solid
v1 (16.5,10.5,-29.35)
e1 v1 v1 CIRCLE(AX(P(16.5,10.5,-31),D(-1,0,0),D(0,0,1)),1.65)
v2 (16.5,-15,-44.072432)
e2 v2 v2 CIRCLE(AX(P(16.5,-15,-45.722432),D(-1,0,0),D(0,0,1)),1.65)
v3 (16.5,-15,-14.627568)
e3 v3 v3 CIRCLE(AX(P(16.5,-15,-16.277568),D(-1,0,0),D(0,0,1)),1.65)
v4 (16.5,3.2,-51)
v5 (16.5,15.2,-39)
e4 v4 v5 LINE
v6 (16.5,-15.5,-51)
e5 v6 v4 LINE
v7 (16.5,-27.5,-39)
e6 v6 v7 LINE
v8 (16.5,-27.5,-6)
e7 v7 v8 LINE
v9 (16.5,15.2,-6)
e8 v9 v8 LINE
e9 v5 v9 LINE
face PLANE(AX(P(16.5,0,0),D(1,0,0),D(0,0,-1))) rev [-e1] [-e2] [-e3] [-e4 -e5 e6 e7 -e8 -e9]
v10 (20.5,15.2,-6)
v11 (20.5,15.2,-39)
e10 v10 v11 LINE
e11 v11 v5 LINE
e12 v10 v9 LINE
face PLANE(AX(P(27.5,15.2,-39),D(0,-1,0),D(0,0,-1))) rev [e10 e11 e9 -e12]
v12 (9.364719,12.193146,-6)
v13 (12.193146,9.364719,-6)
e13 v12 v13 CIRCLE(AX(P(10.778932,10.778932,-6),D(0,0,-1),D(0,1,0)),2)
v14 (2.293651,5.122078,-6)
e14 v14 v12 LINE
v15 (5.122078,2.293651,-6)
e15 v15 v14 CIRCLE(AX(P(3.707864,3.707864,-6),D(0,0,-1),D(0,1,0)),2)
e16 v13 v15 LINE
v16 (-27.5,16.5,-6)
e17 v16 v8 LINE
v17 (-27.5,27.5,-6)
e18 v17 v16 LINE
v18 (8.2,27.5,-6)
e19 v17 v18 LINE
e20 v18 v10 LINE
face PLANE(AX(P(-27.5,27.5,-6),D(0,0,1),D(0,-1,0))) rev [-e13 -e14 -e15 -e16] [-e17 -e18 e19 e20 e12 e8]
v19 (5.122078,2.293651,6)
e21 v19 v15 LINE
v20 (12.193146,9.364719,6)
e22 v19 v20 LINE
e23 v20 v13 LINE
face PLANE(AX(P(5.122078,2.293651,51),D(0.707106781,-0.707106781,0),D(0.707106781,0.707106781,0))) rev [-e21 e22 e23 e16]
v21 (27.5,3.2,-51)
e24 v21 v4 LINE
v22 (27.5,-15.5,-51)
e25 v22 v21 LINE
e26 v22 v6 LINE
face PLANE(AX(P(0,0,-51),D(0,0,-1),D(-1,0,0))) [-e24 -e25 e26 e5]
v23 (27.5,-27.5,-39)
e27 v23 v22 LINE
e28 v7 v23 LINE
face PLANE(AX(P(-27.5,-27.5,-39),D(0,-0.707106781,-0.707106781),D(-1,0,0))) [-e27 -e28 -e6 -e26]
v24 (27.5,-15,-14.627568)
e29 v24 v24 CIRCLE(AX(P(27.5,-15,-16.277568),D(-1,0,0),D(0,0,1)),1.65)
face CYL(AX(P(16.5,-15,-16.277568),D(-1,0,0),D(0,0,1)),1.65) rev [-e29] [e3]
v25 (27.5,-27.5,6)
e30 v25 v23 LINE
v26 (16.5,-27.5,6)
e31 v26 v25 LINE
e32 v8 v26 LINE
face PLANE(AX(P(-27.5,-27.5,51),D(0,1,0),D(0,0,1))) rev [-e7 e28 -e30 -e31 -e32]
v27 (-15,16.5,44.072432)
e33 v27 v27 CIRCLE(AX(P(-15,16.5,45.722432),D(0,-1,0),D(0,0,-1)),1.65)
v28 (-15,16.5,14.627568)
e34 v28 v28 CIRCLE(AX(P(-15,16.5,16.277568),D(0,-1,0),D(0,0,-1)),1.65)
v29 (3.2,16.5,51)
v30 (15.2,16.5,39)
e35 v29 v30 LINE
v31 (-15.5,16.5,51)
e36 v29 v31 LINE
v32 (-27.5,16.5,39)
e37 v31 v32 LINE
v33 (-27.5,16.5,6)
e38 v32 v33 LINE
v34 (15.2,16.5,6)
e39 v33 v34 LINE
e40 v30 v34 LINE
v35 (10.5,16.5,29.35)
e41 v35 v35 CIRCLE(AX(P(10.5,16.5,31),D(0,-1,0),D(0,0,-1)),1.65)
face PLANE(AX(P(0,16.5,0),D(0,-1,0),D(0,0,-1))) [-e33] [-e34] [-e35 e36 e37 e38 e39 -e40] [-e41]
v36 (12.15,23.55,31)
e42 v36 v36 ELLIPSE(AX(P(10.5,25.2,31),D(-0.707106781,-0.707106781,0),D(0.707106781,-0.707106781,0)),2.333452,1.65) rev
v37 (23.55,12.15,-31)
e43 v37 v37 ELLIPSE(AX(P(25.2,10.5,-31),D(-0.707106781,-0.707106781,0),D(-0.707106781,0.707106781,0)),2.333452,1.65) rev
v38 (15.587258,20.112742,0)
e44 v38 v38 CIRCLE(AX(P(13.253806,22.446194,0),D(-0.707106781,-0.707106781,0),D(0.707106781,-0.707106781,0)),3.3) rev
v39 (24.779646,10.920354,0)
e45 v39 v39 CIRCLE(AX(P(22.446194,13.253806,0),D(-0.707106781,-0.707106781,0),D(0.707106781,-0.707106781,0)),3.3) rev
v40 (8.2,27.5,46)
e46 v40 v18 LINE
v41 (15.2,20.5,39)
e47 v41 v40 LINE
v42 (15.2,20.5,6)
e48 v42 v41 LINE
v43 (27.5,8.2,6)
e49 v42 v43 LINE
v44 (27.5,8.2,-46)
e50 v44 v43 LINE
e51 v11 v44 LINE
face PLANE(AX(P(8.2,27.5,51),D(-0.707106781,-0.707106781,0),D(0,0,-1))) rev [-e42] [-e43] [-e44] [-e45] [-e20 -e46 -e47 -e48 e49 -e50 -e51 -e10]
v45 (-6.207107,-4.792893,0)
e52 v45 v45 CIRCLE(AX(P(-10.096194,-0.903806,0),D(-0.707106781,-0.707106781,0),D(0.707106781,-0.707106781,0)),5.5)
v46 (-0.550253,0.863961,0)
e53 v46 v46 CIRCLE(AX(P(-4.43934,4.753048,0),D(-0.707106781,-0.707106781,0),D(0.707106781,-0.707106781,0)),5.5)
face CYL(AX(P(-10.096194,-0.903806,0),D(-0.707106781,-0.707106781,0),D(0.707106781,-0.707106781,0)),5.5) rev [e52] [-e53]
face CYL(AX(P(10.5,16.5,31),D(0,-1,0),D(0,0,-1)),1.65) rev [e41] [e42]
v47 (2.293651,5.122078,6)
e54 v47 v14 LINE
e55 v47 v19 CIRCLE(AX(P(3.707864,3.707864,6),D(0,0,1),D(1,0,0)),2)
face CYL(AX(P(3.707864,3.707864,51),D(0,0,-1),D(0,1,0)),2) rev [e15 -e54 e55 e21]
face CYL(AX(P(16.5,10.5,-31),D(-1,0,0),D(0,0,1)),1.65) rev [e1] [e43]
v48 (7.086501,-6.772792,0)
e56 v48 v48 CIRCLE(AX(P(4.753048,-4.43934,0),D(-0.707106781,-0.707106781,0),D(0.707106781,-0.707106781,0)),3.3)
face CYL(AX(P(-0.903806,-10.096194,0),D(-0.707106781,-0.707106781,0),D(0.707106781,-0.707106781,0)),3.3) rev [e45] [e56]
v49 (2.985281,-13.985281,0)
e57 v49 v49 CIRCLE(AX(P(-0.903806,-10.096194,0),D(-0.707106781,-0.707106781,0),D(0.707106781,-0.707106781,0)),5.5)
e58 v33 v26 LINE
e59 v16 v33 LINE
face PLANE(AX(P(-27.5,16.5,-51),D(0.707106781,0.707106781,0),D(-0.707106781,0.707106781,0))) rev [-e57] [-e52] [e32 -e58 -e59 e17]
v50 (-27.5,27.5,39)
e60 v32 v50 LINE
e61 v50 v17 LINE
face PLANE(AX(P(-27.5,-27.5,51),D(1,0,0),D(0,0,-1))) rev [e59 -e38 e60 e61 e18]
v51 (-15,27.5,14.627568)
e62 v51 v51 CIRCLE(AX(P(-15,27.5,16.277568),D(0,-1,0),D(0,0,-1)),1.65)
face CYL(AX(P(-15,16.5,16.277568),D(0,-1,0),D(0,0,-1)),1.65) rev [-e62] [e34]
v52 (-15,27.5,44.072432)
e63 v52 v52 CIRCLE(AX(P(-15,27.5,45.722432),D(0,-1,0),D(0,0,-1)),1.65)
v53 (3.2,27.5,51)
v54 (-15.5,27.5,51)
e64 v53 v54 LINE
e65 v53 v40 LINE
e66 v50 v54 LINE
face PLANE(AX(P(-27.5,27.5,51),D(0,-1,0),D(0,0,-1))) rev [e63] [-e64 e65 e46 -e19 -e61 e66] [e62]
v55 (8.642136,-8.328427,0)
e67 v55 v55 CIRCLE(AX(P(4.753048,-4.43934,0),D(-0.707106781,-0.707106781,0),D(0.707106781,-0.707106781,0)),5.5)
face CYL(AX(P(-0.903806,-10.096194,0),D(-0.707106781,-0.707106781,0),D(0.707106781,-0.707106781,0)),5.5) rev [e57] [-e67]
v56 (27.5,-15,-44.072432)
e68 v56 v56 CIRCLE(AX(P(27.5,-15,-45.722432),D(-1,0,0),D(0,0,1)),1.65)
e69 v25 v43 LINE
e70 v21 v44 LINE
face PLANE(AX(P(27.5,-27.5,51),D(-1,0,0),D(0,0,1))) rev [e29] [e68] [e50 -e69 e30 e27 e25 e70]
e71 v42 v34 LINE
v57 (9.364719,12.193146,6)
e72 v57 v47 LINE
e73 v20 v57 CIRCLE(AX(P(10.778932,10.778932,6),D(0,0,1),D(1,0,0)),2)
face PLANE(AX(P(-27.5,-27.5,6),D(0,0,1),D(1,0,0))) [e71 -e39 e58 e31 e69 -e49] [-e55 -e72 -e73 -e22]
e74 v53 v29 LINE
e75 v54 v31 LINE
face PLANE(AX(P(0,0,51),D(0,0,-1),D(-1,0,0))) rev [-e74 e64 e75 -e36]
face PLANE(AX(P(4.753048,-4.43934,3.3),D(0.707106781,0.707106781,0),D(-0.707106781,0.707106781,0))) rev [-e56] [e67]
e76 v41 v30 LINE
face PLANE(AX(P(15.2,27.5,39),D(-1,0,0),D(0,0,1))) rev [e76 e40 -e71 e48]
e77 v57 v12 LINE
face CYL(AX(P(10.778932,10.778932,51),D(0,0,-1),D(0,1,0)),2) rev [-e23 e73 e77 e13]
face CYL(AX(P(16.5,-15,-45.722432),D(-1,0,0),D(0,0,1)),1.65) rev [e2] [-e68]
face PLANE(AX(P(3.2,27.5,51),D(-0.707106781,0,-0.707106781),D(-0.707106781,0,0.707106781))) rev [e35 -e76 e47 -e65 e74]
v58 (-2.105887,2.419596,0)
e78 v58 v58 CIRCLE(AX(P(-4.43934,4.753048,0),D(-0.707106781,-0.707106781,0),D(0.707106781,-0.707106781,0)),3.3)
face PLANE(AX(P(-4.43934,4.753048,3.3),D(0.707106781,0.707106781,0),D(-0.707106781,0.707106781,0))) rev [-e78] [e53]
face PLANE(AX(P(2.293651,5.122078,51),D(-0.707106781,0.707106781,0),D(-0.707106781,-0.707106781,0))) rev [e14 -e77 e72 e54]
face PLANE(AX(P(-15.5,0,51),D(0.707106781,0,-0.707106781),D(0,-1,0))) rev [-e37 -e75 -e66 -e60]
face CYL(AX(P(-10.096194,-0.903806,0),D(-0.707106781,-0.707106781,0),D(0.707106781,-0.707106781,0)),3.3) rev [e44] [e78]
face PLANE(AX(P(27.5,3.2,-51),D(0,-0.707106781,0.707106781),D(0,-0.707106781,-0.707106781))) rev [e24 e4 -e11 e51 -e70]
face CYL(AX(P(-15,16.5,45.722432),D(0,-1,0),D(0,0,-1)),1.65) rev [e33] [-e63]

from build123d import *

# Parameters (mm, degrees)
SKETCH_1_W                = 55
SKETCH_1_H                = 55
EXTRUDE_1_DEPTH           = 51
CUT_EXTRUDE_1_DEPTH       = 110.162722575
CHAMFER_1_SIZE            = 19.3
CUT_EXTRUDE_START         = -11
SKETCH_11_W               = 55
SKETCH_11_H               = 45
CUT_EXTRUDE_2_DEPTH       = 69.888985474
CUT_EXTRUDE_START_2       = 11
SKETCH_12_W               = 55
SKETCH_12_H               = 45
CUT_EXTRUDE_3_DEPTH       = 69.888985474
HOLE_WIZARD_M4_1_D        = 3.3
HOLE_WIZARD_M4_2_D        = 3.3
HOLE_WIZARD_1_D           = 6.6
HOLE_WIZARD_1_CBORE_D     = 11
HOLE_WIZARD_1_CBORE_DEPTH = 8
CUT_EXTRUDE_5_DEPTH       = 73.754724932
CUT_EXTRUDE_6_DEPTH       = 73.754724932
CHAMFER_2_SIZE            = 12
CUT_EXTRUDE_7_DEPTH       = 70.003623093


with BuildPart() as part:
    # 草图1 → 凸台-拉伸1 (new, symmetric)
    with BuildSketch(Plane.XY):
        Rectangle(SKETCH_1_W, SKETCH_1_H)
    extrude(amount=EXTRUDE_1_DEPTH, both=True)

    # 草图2 → 切除-拉伸1 (cut, through all)
    with BuildSketch(Plane.XY.offset(51)):
        Polygon((-27.5, -27.5), (16.5, -27.5), (-27.5, 16.5), align=None)
    extrude(amount=-CUT_EXTRUDE_1_DEPTH, mode=Mode.SUBTRACT)

    # 倒角1
    chamfer_1_edges = [part.edges().sort_by_distance(p)[0] for p in [
        (27.5, 27.5, 0),
    ]]
    chamfer(chamfer_1_edges, length=CHAMFER_1_SIZE)

    # 草图11 → 切除-拉伸2 (cut, through all)
    with BuildSketch(Plane.YZ.offset(27.5).offset(CUT_EXTRUDE_START)):
        with Locations((0, -28.5)):
            Rectangle(SKETCH_11_W, SKETCH_11_H)
    extrude(amount=-CUT_EXTRUDE_2_DEPTH, mode=Mode.SUBTRACT)

    # 草图12 → 切除-拉伸3 (cut, through all)
    with BuildSketch(Plane.XZ.offset(-27.5).offset(CUT_EXTRUDE_START_2)):
        with Locations((0, 28.5)):
            Rectangle(SKETCH_12_W, SKETCH_12_H)
    extrude(amount=CUT_EXTRUDE_3_DEPTH, mode=Mode.SUBTRACT)

    # M4 螺纹孔1 (through all)
    with Locations(Plane(origin=(16.5, -23.392318354, -4.126238011), x_dir=(0, 1, 0), z_dir=(-1, 0, 0))):
        with Locations((33.892318354, 26.873761989), (8.392318354, 41.596193853), (8.392318354, 12.151330125)):
            Hole(HOLE_WIZARD_M4_1_D / 2)

    # M4 螺纹孔2 (through all)
    with Locations(Plane(origin=(-3.776378322, 16.5, -11.360569787), x_dir=(-1, 0, 0), z_dir=(0, -1, 0))):
        with Locations((-14.276378322, -42.360569787), (11.223621678, -57.083001652), (11.223621678, -27.638137923)):
            Hole(HOLE_WIZARD_M4_2_D / 2)

    # 打孔尺寸根据内六角圆柱头螺钉的类型1 (through all)
    with Locations(Plane(origin=(-5.5, -5.5, 0), x_dir=(-0.7071067811865475, 0.7071067811865477, 0), z_dir=(-0.7071067811865477, -0.7071067811865475, 0))):
        with Locations((6.5, 0), (-6.5, 0)):
            CounterBoreHole(HOLE_WIZARD_1_D / 2, HOLE_WIZARD_1_CBORE_D / 2, HOLE_WIZARD_1_CBORE_DEPTH)

    # 草图22 → 切除-拉伸5 (cut, through all)
    with BuildSketch(Plane.XZ.offset(-16.5)):
        Polygon((3.2, 51), (15.2, 39), (15.2, 6), (19.2, 6), (19.2, 51), align=None)
    extrude(amount=-CUT_EXTRUDE_5_DEPTH, mode=Mode.SUBTRACT)

    # 草图23 → 切除-拉伸6 (cut, through all)
    with BuildSketch(Plane.ZY.offset(-16.5)):
        Polygon((-51, 19.2), (-51, 3.2), (-39, 15.2), (-6, 15.2), (-6, 19.2), align=None)
    extrude(amount=-CUT_EXTRUDE_6_DEPTH, mode=Mode.SUBTRACT)

    # 倒角2
    chamfer_2_edges = [part.edges().sort_by_distance(p)[0] for p in [
        (-27.5, 22, 51),
        (22, -27.5, -51),
    ]]
    chamfer(chamfer_2_edges, length=CHAMFER_2_SIZE)

    # 草图24 → 切除-拉伸7 (cut, through all)
    with BuildSketch(Plane(origin=(0, 0, -6), x_dir=(-1, 0, 0), z_dir=(0, 0, -1))):
        with BuildLine():
            Line((-5.122077939, 2.293650814), (-12.193145751, 9.364718626))
            ThreePointArc((-12.193145751, 9.364718626), (-12.193145751, 12.193145751), (-9.364718626, 12.193145751))
            Line((-9.364718626, 12.193145751), (-2.293650814, 5.122077939))
            ThreePointArc((-2.293650814, 5.122077939), (-2.293650814, 2.293650814), (-5.122077939, 2.293650814))
        make_face()
    extrude(amount=-CUT_EXTRUDE_7_DEPTH, mode=Mode.SUBTRACT)


solid = part.part
